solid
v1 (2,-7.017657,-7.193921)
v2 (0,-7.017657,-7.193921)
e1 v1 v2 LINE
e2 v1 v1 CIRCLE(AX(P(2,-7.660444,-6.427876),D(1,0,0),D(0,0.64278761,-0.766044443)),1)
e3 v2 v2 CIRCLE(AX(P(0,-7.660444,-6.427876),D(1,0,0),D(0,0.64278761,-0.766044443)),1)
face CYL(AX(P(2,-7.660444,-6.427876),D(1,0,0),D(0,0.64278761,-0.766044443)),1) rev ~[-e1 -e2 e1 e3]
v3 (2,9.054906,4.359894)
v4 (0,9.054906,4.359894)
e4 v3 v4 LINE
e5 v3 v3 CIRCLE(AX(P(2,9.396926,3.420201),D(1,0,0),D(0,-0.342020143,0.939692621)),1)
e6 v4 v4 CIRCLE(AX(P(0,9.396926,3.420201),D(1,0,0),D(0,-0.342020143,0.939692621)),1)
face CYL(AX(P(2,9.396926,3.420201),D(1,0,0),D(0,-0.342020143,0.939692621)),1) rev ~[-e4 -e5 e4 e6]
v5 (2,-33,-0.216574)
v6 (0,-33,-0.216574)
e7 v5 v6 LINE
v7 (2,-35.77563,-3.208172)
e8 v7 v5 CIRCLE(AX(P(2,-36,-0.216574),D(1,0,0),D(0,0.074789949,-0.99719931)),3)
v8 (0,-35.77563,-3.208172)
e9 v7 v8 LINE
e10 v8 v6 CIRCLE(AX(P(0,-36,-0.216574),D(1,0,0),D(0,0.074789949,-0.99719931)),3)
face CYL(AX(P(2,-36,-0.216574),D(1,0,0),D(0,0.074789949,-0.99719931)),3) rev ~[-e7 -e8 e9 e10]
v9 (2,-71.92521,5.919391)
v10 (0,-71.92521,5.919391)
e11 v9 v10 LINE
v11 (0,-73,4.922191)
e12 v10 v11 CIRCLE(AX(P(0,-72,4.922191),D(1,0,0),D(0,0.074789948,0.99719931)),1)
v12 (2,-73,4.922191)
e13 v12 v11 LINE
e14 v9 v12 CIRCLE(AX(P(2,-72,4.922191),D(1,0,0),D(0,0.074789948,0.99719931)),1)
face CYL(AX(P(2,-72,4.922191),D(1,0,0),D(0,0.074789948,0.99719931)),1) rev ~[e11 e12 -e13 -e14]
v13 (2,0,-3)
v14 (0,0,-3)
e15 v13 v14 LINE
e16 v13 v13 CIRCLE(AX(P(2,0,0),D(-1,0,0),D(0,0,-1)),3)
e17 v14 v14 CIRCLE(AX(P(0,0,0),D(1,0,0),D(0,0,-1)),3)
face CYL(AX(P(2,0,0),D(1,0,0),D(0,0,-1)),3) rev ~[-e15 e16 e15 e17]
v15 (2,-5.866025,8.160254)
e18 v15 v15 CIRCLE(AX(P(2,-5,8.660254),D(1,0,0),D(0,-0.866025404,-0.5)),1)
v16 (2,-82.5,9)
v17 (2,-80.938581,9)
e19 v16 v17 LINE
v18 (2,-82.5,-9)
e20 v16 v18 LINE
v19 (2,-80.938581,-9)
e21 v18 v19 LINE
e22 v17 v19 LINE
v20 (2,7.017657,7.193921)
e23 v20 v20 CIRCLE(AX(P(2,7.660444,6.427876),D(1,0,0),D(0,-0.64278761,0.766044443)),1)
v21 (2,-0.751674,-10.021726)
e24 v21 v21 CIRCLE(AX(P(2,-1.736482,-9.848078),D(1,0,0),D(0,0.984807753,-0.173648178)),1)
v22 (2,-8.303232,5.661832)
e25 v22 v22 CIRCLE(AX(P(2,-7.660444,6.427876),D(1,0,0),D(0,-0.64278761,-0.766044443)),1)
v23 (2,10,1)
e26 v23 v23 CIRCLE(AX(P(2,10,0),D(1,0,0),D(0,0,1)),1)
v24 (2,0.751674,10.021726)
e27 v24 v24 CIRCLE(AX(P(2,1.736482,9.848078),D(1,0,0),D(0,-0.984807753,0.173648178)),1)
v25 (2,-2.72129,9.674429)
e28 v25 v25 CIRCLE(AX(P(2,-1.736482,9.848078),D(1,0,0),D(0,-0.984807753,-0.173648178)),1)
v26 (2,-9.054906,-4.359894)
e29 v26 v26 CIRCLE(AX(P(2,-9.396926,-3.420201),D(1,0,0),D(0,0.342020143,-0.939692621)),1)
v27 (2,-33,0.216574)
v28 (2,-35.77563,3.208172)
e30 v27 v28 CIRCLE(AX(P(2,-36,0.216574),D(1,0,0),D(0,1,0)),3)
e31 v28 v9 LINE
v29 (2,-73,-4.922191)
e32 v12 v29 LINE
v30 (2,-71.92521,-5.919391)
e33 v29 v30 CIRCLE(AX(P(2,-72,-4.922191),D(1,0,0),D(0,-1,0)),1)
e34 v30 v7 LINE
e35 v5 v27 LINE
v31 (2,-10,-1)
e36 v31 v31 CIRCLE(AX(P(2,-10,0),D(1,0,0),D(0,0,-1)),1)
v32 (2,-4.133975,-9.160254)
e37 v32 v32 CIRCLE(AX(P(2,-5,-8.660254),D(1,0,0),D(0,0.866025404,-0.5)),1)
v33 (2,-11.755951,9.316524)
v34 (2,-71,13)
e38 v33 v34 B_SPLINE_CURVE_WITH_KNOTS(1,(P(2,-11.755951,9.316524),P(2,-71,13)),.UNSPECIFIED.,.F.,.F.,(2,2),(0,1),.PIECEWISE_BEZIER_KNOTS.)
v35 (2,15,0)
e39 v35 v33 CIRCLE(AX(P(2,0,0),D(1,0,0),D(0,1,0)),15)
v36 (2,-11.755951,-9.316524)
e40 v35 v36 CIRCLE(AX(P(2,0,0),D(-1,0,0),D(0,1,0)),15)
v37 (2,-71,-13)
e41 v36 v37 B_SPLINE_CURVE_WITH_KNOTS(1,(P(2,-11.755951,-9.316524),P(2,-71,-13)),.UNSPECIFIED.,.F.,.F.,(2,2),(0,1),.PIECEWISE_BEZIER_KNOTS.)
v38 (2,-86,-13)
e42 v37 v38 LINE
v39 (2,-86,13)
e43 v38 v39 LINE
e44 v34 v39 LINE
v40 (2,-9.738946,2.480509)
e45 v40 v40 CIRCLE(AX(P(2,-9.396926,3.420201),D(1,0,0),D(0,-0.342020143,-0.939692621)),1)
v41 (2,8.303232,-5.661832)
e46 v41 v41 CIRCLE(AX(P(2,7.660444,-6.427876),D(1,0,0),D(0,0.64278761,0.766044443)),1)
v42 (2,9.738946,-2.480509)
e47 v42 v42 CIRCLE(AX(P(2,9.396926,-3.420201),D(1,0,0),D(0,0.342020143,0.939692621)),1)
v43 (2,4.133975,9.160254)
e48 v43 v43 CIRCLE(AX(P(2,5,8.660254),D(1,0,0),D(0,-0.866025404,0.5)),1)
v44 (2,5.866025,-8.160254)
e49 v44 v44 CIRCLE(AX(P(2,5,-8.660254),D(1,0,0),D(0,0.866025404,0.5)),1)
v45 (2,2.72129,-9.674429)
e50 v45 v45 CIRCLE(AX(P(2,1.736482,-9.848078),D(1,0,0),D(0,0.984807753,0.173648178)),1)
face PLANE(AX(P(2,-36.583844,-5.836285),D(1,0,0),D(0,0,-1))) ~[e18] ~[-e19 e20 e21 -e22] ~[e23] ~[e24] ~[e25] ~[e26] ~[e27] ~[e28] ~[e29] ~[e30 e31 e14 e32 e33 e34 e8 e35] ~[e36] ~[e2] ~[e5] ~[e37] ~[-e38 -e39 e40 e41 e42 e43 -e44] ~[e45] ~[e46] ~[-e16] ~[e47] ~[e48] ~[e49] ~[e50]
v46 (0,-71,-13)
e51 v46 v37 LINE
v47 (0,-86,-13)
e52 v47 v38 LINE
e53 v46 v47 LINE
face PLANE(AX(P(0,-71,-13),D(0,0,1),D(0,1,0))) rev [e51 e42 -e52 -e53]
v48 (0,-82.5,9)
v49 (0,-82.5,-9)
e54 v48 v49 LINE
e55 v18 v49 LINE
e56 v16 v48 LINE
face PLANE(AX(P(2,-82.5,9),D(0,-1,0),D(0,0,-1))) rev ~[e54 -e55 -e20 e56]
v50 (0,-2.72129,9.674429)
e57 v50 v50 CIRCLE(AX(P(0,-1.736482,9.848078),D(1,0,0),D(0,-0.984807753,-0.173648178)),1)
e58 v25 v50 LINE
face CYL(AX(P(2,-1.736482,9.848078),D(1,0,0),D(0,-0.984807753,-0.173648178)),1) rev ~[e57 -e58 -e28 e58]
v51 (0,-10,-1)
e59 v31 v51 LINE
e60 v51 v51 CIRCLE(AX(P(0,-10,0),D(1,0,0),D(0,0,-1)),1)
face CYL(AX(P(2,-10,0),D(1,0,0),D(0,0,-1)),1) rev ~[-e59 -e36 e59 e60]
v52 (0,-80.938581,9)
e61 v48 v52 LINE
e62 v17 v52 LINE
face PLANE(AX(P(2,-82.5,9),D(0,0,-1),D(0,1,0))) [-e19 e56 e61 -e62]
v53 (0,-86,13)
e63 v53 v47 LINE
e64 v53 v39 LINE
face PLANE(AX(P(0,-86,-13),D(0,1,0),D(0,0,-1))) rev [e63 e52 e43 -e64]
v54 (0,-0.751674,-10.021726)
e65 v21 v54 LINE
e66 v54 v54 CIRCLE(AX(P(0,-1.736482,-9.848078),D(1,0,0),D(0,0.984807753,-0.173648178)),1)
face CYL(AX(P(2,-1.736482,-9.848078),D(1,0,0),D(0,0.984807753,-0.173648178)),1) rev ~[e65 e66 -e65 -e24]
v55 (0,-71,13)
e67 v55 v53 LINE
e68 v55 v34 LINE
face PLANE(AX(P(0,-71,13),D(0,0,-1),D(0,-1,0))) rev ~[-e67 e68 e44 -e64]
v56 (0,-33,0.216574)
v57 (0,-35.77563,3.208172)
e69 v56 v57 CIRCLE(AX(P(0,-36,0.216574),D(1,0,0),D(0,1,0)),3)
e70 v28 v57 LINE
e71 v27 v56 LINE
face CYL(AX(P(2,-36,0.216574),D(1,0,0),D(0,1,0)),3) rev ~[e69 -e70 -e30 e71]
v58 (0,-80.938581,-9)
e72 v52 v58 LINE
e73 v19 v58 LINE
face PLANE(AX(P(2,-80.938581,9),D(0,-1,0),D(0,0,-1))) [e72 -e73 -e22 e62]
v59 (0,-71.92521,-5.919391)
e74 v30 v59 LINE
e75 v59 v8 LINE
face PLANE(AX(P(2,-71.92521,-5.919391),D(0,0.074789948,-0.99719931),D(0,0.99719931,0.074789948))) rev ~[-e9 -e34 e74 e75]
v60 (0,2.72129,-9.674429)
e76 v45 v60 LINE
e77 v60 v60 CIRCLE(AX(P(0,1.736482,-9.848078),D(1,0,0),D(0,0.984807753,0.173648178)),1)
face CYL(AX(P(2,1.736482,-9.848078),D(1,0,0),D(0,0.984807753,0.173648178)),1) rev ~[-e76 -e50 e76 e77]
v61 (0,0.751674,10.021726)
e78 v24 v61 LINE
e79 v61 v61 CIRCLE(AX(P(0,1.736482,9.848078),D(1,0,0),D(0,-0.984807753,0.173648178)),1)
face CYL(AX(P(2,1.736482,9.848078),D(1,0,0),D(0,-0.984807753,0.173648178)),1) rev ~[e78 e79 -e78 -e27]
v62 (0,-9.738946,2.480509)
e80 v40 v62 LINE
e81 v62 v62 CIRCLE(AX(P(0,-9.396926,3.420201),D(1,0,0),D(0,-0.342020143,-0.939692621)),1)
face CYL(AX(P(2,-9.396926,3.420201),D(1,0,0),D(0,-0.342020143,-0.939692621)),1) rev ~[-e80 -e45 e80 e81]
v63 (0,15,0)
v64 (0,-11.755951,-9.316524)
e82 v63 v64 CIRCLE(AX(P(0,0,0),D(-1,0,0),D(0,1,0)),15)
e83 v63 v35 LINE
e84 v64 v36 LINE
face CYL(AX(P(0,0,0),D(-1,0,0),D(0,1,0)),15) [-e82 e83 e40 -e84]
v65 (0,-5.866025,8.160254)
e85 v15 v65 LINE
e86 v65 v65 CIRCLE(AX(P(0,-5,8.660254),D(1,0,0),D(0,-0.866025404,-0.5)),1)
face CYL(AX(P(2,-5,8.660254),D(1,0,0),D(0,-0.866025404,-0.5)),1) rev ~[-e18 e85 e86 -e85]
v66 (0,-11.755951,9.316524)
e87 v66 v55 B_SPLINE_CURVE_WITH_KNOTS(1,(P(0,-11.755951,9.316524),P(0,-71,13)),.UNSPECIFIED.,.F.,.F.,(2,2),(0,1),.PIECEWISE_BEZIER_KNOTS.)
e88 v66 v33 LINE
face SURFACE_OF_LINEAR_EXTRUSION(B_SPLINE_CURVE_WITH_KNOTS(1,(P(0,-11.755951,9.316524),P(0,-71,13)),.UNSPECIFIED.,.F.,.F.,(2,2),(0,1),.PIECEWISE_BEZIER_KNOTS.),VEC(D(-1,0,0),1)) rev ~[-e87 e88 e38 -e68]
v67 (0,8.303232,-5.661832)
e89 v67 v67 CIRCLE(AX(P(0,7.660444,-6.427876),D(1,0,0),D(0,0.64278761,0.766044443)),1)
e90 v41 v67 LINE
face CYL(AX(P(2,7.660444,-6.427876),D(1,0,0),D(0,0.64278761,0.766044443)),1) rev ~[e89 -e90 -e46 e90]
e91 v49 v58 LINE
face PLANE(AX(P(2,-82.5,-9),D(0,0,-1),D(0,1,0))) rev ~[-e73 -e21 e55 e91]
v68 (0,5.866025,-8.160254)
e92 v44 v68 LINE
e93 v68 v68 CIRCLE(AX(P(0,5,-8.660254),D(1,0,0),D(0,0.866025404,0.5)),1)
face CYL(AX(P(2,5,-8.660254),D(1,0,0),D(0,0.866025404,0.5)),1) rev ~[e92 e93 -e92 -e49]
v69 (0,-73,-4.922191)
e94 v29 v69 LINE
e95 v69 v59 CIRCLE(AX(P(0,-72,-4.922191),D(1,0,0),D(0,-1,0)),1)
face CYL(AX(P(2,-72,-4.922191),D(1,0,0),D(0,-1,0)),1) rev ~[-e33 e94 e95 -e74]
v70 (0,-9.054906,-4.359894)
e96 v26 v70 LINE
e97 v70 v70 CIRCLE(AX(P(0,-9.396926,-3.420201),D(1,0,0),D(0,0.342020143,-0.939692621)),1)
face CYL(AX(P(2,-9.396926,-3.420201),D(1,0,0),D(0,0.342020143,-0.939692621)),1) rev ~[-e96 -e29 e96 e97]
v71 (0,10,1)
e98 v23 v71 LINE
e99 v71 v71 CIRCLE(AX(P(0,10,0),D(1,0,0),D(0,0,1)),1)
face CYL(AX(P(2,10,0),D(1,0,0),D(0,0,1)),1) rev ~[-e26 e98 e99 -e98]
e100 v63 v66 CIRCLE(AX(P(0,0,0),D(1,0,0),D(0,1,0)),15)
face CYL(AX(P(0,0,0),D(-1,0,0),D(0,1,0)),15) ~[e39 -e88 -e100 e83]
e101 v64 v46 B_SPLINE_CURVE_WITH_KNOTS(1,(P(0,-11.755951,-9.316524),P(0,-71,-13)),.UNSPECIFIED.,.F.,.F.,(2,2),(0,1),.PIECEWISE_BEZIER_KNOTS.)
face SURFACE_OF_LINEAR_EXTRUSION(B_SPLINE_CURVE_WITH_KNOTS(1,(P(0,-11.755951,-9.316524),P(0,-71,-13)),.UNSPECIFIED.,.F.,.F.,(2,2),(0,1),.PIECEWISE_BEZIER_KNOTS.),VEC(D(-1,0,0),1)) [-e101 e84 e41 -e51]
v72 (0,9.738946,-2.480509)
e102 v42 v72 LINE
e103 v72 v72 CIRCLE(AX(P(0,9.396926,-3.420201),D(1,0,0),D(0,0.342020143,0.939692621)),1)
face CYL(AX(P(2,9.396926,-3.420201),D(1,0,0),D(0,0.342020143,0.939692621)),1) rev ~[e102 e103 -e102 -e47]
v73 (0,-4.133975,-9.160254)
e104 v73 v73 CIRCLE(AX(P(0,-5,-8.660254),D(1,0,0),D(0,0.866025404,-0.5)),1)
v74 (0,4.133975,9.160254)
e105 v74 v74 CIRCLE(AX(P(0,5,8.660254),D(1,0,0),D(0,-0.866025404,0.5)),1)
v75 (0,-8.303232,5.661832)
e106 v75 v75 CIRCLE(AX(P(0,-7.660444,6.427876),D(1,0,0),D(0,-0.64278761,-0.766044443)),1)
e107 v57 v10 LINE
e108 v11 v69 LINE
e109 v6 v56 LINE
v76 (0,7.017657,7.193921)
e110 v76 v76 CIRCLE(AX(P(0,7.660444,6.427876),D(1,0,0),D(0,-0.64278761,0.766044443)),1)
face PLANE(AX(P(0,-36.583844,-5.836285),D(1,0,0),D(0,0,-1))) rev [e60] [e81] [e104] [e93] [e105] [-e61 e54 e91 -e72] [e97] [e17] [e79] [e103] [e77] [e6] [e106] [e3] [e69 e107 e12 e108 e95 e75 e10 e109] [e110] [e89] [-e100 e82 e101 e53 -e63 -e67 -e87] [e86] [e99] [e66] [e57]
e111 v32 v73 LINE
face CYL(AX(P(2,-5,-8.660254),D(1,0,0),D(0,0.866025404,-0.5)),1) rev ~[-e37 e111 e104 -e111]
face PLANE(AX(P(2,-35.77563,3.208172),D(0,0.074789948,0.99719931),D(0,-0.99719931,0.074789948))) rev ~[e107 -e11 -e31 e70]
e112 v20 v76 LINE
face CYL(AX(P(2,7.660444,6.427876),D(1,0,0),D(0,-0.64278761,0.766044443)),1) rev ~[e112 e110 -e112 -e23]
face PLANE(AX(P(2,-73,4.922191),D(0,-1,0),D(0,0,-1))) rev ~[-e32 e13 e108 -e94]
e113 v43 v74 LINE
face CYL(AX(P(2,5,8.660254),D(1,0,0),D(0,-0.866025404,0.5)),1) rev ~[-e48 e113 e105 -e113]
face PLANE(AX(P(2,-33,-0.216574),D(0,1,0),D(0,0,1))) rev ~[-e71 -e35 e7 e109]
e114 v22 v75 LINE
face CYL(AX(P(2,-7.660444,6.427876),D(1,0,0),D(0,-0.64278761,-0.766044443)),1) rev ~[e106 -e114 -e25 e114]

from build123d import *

# Parameters (mm, degrees)
RESSALTO_EXTRUS_O1_DEPTH = 2
ESBO_O2_R                = 3
ESBO_O2_R_2              = 1
CORTE_EXTRUS_O1_DEPTH    = 2
PADR_OCIRCULAR1_COUNT    = 18
ESBO_O3_W                = 18
ESBO_O3_H                = 1.561418551
CORTE_EXTRUS_O2_DEPTH    = 2


with BuildPart() as part:
    # Esboço1 → Ressalto-extrusão1 (new body)
    with BuildSketch(Plane(origin=(0, 0, 0), x_dir=(0, 0, -1), z_dir=(1, 0, 0))):
        with BuildLine():
            Line((-13, -71), (-13, -86))
            Line((-13, -86), (0, -86))
            Line((0, -86), (0, 15))
            ThreePointArc((0, 15), (-14.165790836, 4.932582487), (-9.316524238, -11.755950669))
            add(Edge.make_bspline(
                [(-9.316524238, -11.755950669), (-13, -71)],
                knots=[0, 0, 1, 1], degree=1))
        make_face()
    ressalto_extrus_o1 = extrude(amount=RESSALTO_EXTRUS_O1_DEPTH)

    # Espelhar1: Ressalto-extrusão1 across plane
    add(ressalto_extrus_o1.mirror(Plane(origin=(2, 15, 0), x_dir=(1, 0, 0), z_dir=(0, 0, 1))))

    # Esboço2 → Corte-extrusão1 (cut)
    with BuildSketch(Plane(origin=(2, 0, 0), x_dir=(0, 0, -1), z_dir=(1, 0, 0))):
        Circle(ESBO_O2_R)
        with Locations((0, -10)):
            Circle(ESBO_O2_R_2)
    corte_extrus_o1 = extrude(amount=-CORTE_EXTRUS_O1_DEPTH, mode=Mode.SUBTRACT)

    # PadrãoCircular1: Corte-extrusão1 ×18 about axis
    padr_ocircular1_axis = Axis((0, 0, 0), (1, 0, 0))
    for i in range(1, PADR_OCIRCULAR1_COUNT):
        add(corte_extrus_o1.rotate(padr_ocircular1_axis, i * 360 / PADR_OCIRCULAR1_COUNT), mode=Mode.SUBTRACT)

    # Esboço3 → Corte-extrusão2 (cut)
    with BuildSketch(Plane(origin=(2, 0, 0), x_dir=(0, 0, -1), z_dir=(1, 0, 0))):
        with BuildLine():
            Line((-4.922191444, -73), (4.922191444, -73))
            ThreePointArc((4.922191444, -73), (5.655263728, -72.680150738), (5.919390754, -71.925210052))
            Line((5.919390754, -71.925210052), (3.208172262, -35.775630155))
            ThreePointArc((3.208172262, -35.775630155), (2.257026545, -33.800783147), (0.216574332, -33))
            Line((0.216574332, -33), (-0.216574332, -33))
            ThreePointArc((-0.216574332, -33), (-2.257026545, -33.800783147), (-3.208172262, -35.775630155))
            Line((-3.208172262, -35.775630155), (-5.919390754, -71.925210052))
            ThreePointArc((-5.919390754, -71.925210052), (-5.655263728, -72.680150738), (-4.922191444, -73))
        make_face()
        with Locations((0, -81.719290725)):
            Rectangle(ESBO_O3_W, ESBO_O3_H)
    extrude(amount=-CORTE_EXTRUS_O2_DEPTH, mode=Mode.SUBTRACT)


solid = part.part
